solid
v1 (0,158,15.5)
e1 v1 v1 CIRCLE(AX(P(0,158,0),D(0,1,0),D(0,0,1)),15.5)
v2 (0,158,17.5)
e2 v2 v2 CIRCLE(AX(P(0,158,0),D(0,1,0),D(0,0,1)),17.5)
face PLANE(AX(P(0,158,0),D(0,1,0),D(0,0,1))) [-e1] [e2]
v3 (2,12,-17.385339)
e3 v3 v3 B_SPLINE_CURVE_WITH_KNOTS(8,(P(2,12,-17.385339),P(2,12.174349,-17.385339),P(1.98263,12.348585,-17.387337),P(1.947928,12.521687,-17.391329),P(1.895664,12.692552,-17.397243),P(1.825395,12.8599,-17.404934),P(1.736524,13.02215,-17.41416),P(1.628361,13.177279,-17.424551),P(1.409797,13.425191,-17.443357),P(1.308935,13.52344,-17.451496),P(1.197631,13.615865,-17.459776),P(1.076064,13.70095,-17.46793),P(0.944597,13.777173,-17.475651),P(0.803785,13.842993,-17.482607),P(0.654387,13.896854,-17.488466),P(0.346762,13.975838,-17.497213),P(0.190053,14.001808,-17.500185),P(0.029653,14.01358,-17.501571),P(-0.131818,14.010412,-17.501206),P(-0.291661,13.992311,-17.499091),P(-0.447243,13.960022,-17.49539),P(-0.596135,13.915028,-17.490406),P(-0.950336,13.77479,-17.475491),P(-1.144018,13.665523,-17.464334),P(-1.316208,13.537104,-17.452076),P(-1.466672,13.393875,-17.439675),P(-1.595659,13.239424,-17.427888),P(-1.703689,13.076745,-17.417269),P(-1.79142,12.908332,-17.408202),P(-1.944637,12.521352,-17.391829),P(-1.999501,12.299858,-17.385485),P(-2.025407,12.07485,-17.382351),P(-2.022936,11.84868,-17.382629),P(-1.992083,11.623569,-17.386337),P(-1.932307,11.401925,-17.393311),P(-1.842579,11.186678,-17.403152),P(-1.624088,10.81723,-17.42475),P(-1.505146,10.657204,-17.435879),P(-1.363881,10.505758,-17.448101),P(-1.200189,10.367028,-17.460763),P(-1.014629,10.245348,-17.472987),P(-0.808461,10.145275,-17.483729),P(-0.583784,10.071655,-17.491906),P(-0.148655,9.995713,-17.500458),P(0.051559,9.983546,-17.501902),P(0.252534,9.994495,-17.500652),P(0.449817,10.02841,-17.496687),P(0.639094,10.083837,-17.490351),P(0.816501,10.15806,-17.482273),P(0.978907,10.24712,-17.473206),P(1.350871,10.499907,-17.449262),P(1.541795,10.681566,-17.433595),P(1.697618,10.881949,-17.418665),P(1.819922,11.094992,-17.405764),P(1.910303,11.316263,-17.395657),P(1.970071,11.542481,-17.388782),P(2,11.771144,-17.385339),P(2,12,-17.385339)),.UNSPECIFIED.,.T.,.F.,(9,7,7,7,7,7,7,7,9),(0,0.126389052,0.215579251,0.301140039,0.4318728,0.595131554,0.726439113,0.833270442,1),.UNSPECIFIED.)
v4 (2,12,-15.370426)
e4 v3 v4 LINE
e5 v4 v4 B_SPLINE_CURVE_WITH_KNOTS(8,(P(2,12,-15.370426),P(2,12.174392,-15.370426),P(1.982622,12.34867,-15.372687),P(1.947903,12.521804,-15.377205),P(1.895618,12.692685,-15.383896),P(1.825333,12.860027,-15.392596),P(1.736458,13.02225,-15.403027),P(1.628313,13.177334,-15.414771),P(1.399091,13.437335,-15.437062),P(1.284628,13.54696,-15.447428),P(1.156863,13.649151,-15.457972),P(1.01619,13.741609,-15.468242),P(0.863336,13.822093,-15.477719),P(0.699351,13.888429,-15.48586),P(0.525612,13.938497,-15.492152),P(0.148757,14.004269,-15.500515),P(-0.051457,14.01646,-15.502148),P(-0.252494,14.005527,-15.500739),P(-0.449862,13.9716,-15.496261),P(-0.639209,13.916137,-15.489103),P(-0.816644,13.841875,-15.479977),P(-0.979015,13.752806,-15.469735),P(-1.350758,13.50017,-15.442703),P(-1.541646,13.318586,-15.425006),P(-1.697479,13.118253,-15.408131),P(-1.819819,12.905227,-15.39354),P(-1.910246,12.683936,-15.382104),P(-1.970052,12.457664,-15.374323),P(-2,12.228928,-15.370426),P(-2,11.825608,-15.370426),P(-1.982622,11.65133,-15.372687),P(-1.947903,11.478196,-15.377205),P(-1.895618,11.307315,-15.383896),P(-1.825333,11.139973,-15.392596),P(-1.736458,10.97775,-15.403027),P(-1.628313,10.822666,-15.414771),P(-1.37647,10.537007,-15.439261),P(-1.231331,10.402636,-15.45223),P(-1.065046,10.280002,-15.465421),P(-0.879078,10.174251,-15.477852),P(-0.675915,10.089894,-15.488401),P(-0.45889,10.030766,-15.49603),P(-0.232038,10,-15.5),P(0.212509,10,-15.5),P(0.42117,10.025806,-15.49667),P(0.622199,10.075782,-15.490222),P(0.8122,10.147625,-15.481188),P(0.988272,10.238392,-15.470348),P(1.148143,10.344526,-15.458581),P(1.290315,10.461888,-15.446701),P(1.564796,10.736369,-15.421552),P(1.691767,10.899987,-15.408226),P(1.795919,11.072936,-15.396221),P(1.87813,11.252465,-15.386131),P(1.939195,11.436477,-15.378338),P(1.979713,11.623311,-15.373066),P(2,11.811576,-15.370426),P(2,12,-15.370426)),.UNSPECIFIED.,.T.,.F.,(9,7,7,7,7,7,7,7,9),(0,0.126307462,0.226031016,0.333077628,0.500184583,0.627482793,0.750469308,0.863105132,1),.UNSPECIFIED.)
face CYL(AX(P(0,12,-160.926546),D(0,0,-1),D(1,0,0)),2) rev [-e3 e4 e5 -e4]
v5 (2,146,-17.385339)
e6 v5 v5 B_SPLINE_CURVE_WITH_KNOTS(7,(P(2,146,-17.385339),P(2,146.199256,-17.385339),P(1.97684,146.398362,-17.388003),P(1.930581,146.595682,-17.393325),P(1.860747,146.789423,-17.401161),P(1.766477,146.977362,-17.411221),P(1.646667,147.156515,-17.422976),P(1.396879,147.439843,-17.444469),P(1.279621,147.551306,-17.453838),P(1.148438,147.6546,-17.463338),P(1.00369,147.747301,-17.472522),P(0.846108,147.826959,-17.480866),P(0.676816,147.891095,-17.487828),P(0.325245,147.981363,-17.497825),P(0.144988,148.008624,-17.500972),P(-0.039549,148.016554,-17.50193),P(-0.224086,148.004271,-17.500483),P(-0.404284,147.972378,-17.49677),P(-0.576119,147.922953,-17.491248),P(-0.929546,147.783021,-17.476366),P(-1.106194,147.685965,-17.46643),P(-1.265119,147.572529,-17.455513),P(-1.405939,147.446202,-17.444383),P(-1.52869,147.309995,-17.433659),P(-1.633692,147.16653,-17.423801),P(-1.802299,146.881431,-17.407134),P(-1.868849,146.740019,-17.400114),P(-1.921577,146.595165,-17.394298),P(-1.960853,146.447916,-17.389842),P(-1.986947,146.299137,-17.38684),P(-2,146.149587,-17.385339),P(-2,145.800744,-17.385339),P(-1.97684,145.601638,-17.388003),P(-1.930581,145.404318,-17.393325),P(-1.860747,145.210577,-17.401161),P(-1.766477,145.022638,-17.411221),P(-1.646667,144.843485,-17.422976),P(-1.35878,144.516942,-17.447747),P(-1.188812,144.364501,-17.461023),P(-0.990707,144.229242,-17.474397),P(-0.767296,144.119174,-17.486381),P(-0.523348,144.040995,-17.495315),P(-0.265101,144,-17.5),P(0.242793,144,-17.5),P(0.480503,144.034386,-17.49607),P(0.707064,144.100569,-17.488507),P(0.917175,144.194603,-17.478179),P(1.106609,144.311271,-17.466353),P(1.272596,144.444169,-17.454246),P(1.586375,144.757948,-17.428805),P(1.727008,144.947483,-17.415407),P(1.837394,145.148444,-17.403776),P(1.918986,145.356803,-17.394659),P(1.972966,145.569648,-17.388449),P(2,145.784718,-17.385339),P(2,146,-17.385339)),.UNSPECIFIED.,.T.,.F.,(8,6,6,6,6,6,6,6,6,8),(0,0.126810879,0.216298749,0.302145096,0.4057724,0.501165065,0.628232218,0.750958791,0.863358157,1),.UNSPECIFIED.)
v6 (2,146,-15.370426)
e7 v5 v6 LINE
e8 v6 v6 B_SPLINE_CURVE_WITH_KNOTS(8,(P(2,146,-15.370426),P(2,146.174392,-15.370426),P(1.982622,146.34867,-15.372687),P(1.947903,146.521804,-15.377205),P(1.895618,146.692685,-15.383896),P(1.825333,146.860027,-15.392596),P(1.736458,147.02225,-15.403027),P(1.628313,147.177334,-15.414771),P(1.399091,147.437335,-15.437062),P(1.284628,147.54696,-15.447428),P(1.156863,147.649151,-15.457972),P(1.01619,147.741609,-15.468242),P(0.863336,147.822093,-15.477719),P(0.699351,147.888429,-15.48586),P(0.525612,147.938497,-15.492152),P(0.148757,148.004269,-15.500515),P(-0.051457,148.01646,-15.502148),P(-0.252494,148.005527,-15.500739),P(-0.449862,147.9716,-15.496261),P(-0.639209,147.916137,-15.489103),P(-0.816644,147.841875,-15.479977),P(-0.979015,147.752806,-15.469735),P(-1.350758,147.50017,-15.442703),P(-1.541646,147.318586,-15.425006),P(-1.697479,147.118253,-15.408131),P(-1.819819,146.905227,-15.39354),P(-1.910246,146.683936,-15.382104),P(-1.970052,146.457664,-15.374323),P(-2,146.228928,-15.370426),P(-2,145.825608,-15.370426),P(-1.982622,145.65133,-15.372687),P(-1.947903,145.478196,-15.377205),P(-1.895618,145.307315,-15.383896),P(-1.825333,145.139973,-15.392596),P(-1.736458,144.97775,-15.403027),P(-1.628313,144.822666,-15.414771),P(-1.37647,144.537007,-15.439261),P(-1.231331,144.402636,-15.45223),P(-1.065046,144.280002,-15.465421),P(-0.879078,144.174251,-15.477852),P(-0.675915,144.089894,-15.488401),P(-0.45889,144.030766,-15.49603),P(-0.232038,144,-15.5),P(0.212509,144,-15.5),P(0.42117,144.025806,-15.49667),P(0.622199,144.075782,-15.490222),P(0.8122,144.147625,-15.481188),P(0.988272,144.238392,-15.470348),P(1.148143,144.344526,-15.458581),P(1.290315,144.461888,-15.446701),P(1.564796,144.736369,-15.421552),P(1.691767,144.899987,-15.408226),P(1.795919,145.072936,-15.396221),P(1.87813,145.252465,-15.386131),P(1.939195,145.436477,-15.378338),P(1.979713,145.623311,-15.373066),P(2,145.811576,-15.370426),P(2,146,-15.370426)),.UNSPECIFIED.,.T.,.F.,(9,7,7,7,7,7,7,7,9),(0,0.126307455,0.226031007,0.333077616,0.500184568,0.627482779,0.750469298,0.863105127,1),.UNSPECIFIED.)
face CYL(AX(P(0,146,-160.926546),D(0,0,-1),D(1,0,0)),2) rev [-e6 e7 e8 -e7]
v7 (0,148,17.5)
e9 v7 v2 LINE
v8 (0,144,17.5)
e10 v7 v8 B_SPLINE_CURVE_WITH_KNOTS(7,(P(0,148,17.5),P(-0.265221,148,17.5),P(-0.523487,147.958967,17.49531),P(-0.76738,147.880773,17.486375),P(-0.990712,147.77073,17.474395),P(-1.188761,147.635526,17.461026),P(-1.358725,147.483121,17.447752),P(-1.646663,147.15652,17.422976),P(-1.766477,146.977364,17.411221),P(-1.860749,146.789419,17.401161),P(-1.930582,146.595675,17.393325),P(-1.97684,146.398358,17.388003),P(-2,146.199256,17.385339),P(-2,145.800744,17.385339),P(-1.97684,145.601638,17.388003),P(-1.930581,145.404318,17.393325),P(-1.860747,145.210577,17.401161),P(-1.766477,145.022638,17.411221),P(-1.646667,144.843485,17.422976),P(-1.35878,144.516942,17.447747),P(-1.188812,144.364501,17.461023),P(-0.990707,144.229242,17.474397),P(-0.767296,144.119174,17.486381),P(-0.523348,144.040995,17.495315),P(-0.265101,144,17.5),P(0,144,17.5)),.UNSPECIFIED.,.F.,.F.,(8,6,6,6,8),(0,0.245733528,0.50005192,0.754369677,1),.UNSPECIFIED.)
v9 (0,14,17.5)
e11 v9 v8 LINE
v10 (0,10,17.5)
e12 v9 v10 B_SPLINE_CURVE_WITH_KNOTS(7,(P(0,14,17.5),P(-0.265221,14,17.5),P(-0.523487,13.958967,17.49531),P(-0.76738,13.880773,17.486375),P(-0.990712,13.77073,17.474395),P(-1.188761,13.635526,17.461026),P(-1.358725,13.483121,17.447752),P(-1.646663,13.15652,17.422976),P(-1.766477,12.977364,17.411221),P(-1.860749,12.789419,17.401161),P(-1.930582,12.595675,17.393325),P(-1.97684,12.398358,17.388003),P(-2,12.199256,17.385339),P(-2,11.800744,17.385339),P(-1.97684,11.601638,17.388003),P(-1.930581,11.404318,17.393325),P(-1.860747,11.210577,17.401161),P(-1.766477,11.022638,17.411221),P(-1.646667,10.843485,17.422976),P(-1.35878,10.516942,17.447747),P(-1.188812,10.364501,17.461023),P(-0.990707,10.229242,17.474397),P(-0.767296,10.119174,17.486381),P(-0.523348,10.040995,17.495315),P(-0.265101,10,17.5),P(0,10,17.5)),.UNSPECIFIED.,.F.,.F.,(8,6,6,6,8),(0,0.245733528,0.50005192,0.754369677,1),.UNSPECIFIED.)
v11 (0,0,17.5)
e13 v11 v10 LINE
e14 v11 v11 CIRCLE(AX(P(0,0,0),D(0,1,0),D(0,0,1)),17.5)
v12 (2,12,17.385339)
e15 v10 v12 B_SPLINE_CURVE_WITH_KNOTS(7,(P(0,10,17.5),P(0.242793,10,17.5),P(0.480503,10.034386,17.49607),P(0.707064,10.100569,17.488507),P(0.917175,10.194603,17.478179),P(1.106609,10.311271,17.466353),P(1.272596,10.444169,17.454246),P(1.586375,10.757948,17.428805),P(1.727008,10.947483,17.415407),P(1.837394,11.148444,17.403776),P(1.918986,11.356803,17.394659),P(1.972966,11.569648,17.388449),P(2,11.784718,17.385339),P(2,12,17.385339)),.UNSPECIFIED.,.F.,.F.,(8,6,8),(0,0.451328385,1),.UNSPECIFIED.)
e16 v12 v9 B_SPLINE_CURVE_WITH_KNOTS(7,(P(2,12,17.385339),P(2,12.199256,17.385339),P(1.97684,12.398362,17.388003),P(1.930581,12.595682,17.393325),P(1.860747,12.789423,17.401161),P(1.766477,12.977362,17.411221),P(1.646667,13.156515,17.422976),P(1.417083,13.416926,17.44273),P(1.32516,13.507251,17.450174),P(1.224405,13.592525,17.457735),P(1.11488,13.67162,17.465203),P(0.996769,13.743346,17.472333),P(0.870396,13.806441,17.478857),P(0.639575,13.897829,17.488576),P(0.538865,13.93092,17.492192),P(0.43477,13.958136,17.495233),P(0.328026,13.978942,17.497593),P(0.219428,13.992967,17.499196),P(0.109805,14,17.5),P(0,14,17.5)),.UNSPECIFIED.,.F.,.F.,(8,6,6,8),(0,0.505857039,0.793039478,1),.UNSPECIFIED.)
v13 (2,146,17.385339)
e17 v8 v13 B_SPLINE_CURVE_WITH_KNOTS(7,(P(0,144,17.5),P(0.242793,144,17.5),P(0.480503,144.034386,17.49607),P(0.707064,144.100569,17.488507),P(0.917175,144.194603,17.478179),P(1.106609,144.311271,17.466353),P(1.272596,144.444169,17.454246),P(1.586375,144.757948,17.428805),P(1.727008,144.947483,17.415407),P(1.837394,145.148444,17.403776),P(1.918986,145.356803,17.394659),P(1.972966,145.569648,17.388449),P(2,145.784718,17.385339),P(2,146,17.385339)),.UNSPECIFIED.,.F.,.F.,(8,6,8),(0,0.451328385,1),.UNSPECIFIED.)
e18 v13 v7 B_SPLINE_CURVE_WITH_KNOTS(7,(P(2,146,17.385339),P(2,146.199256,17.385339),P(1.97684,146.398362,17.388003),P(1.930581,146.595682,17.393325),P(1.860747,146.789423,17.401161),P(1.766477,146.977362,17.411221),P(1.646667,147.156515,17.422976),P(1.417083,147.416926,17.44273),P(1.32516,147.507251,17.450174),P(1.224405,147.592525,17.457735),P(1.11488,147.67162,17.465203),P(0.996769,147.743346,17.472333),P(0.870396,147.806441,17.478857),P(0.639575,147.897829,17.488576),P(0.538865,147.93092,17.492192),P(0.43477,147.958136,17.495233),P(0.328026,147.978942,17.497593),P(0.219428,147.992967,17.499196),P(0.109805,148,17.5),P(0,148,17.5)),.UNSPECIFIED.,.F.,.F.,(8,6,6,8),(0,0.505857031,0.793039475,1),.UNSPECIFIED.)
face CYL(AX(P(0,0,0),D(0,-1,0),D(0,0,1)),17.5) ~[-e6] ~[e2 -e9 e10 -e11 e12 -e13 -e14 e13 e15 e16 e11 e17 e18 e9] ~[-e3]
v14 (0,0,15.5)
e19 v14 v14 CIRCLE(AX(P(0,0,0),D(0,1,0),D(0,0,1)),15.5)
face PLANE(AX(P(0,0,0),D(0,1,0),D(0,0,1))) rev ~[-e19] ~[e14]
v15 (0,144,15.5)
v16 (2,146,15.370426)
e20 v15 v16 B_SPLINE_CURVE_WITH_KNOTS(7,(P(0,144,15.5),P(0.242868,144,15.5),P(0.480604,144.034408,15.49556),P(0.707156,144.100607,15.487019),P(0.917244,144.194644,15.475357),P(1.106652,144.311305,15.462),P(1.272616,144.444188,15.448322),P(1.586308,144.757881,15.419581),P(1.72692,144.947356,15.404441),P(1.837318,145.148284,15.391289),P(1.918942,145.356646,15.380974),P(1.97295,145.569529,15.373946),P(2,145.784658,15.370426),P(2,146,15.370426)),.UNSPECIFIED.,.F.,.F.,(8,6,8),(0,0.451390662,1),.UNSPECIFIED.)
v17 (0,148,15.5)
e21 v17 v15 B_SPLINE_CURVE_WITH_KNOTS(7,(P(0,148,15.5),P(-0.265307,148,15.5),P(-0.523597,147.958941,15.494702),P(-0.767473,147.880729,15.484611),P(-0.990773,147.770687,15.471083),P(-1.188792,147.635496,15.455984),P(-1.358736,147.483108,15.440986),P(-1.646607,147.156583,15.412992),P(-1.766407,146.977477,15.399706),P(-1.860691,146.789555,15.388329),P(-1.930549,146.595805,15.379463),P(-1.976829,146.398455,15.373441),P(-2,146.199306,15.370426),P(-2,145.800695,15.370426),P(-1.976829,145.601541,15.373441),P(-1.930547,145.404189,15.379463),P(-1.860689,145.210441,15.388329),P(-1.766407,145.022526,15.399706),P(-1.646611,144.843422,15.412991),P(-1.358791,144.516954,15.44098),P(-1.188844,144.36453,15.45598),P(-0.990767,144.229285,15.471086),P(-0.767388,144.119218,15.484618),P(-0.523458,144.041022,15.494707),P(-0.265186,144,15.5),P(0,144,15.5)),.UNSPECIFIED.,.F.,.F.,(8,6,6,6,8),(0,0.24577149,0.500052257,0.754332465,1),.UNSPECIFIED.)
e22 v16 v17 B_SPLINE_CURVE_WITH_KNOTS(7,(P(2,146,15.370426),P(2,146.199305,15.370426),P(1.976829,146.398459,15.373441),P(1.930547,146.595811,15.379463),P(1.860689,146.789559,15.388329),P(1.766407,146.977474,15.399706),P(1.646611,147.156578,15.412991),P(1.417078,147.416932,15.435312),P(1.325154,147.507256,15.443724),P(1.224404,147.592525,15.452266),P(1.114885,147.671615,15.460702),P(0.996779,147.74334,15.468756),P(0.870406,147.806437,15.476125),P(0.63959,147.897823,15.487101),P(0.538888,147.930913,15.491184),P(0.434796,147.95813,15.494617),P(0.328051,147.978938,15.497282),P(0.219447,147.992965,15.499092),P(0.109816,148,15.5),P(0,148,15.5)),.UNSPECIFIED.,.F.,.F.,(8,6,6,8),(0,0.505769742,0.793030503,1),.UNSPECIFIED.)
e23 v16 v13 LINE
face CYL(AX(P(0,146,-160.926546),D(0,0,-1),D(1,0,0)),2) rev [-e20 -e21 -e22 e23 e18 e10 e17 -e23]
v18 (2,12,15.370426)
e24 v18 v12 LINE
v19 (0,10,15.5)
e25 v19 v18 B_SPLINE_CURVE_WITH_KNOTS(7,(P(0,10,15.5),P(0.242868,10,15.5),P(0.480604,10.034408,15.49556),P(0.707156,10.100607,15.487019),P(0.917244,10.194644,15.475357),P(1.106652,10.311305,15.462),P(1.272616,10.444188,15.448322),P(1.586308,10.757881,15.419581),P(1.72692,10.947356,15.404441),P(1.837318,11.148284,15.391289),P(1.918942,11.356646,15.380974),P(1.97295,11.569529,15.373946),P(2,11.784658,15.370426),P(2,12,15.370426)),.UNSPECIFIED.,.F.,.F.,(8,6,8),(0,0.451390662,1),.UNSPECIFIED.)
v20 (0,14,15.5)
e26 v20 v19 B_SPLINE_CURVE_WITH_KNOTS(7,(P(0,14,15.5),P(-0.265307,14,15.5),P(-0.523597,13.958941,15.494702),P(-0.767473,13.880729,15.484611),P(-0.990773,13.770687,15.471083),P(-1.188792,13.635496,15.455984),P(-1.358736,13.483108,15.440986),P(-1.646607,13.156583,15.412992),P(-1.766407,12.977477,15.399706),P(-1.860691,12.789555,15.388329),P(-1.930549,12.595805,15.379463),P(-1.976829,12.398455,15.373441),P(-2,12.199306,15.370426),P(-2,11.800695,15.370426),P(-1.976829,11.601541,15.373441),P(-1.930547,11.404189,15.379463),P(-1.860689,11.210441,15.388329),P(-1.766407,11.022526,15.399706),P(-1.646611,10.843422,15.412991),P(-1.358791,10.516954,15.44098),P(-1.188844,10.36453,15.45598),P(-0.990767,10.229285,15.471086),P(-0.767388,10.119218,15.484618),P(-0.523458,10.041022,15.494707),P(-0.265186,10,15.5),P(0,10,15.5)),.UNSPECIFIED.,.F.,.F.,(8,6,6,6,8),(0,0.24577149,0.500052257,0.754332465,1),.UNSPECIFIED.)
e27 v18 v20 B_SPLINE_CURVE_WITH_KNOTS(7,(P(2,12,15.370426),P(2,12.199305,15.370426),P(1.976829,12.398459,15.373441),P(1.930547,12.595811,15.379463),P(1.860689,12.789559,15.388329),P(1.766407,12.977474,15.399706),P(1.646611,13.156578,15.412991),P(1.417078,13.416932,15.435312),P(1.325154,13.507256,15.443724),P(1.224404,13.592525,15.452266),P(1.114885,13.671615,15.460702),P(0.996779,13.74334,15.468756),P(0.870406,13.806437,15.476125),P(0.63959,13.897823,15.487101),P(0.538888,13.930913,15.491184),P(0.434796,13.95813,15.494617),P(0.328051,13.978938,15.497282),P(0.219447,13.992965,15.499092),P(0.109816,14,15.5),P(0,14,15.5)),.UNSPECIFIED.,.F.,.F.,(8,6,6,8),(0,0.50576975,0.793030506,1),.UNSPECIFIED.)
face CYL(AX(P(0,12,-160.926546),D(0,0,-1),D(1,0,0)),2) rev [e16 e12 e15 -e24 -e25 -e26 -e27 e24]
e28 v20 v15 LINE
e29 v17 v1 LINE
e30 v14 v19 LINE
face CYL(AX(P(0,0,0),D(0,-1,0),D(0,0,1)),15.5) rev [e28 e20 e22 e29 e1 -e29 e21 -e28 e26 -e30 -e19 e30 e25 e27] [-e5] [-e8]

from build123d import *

# Parameters (mm, degrees)
ESQUISSE1_R                  = 17.5
ESQUISSE1_R_2                = 15.5
BOSS_EXTRU_1_DEPTH           = 158
ENL_V_MAT_EXTRU_1_DEPTH      = 160.926545639
ENL_V_MAT_EXTRU_1_DEPTH_BACK = 160.926545639
ESQUISSE2_R                  = 2


with BuildPart() as part:
    # Esquisse1 → Boss.-Extru.1 (new body)
    with BuildSketch(Plane(origin=(0, 0, 0), x_dir=(1, 0, 0), z_dir=(0, 1, 0))):
        with Locations(Location((0, 0, 0), (0, 0, 270))):
            Circle(ESQUISSE1_R)
        with Locations(Location((0, 0, 0), (0, 0, 270))):
            Circle(ESQUISSE1_R_2, mode=Mode.SUBTRACT)
    extrude(amount=BOSS_EXTRU_1_DEPTH)

    # Esquisse2 → Enlèv. mat.-Extru.1 (cut, two sides: drawn at the far end of the back side and taken through both)
    with BuildSketch(Plane.XY.offset(-ENL_V_MAT_EXTRU_1_DEPTH_BACK)):
        with Locations((0, 146)):
            Circle(ESQUISSE2_R)
        with Locations((0, 12)):
            Circle(ESQUISSE2_R)
    extrude(amount=ENL_V_MAT_EXTRU_1_DEPTH + ENL_V_MAT_EXTRU_1_DEPTH_BACK, mode=Mode.SUBTRACT)


solid = part.part
